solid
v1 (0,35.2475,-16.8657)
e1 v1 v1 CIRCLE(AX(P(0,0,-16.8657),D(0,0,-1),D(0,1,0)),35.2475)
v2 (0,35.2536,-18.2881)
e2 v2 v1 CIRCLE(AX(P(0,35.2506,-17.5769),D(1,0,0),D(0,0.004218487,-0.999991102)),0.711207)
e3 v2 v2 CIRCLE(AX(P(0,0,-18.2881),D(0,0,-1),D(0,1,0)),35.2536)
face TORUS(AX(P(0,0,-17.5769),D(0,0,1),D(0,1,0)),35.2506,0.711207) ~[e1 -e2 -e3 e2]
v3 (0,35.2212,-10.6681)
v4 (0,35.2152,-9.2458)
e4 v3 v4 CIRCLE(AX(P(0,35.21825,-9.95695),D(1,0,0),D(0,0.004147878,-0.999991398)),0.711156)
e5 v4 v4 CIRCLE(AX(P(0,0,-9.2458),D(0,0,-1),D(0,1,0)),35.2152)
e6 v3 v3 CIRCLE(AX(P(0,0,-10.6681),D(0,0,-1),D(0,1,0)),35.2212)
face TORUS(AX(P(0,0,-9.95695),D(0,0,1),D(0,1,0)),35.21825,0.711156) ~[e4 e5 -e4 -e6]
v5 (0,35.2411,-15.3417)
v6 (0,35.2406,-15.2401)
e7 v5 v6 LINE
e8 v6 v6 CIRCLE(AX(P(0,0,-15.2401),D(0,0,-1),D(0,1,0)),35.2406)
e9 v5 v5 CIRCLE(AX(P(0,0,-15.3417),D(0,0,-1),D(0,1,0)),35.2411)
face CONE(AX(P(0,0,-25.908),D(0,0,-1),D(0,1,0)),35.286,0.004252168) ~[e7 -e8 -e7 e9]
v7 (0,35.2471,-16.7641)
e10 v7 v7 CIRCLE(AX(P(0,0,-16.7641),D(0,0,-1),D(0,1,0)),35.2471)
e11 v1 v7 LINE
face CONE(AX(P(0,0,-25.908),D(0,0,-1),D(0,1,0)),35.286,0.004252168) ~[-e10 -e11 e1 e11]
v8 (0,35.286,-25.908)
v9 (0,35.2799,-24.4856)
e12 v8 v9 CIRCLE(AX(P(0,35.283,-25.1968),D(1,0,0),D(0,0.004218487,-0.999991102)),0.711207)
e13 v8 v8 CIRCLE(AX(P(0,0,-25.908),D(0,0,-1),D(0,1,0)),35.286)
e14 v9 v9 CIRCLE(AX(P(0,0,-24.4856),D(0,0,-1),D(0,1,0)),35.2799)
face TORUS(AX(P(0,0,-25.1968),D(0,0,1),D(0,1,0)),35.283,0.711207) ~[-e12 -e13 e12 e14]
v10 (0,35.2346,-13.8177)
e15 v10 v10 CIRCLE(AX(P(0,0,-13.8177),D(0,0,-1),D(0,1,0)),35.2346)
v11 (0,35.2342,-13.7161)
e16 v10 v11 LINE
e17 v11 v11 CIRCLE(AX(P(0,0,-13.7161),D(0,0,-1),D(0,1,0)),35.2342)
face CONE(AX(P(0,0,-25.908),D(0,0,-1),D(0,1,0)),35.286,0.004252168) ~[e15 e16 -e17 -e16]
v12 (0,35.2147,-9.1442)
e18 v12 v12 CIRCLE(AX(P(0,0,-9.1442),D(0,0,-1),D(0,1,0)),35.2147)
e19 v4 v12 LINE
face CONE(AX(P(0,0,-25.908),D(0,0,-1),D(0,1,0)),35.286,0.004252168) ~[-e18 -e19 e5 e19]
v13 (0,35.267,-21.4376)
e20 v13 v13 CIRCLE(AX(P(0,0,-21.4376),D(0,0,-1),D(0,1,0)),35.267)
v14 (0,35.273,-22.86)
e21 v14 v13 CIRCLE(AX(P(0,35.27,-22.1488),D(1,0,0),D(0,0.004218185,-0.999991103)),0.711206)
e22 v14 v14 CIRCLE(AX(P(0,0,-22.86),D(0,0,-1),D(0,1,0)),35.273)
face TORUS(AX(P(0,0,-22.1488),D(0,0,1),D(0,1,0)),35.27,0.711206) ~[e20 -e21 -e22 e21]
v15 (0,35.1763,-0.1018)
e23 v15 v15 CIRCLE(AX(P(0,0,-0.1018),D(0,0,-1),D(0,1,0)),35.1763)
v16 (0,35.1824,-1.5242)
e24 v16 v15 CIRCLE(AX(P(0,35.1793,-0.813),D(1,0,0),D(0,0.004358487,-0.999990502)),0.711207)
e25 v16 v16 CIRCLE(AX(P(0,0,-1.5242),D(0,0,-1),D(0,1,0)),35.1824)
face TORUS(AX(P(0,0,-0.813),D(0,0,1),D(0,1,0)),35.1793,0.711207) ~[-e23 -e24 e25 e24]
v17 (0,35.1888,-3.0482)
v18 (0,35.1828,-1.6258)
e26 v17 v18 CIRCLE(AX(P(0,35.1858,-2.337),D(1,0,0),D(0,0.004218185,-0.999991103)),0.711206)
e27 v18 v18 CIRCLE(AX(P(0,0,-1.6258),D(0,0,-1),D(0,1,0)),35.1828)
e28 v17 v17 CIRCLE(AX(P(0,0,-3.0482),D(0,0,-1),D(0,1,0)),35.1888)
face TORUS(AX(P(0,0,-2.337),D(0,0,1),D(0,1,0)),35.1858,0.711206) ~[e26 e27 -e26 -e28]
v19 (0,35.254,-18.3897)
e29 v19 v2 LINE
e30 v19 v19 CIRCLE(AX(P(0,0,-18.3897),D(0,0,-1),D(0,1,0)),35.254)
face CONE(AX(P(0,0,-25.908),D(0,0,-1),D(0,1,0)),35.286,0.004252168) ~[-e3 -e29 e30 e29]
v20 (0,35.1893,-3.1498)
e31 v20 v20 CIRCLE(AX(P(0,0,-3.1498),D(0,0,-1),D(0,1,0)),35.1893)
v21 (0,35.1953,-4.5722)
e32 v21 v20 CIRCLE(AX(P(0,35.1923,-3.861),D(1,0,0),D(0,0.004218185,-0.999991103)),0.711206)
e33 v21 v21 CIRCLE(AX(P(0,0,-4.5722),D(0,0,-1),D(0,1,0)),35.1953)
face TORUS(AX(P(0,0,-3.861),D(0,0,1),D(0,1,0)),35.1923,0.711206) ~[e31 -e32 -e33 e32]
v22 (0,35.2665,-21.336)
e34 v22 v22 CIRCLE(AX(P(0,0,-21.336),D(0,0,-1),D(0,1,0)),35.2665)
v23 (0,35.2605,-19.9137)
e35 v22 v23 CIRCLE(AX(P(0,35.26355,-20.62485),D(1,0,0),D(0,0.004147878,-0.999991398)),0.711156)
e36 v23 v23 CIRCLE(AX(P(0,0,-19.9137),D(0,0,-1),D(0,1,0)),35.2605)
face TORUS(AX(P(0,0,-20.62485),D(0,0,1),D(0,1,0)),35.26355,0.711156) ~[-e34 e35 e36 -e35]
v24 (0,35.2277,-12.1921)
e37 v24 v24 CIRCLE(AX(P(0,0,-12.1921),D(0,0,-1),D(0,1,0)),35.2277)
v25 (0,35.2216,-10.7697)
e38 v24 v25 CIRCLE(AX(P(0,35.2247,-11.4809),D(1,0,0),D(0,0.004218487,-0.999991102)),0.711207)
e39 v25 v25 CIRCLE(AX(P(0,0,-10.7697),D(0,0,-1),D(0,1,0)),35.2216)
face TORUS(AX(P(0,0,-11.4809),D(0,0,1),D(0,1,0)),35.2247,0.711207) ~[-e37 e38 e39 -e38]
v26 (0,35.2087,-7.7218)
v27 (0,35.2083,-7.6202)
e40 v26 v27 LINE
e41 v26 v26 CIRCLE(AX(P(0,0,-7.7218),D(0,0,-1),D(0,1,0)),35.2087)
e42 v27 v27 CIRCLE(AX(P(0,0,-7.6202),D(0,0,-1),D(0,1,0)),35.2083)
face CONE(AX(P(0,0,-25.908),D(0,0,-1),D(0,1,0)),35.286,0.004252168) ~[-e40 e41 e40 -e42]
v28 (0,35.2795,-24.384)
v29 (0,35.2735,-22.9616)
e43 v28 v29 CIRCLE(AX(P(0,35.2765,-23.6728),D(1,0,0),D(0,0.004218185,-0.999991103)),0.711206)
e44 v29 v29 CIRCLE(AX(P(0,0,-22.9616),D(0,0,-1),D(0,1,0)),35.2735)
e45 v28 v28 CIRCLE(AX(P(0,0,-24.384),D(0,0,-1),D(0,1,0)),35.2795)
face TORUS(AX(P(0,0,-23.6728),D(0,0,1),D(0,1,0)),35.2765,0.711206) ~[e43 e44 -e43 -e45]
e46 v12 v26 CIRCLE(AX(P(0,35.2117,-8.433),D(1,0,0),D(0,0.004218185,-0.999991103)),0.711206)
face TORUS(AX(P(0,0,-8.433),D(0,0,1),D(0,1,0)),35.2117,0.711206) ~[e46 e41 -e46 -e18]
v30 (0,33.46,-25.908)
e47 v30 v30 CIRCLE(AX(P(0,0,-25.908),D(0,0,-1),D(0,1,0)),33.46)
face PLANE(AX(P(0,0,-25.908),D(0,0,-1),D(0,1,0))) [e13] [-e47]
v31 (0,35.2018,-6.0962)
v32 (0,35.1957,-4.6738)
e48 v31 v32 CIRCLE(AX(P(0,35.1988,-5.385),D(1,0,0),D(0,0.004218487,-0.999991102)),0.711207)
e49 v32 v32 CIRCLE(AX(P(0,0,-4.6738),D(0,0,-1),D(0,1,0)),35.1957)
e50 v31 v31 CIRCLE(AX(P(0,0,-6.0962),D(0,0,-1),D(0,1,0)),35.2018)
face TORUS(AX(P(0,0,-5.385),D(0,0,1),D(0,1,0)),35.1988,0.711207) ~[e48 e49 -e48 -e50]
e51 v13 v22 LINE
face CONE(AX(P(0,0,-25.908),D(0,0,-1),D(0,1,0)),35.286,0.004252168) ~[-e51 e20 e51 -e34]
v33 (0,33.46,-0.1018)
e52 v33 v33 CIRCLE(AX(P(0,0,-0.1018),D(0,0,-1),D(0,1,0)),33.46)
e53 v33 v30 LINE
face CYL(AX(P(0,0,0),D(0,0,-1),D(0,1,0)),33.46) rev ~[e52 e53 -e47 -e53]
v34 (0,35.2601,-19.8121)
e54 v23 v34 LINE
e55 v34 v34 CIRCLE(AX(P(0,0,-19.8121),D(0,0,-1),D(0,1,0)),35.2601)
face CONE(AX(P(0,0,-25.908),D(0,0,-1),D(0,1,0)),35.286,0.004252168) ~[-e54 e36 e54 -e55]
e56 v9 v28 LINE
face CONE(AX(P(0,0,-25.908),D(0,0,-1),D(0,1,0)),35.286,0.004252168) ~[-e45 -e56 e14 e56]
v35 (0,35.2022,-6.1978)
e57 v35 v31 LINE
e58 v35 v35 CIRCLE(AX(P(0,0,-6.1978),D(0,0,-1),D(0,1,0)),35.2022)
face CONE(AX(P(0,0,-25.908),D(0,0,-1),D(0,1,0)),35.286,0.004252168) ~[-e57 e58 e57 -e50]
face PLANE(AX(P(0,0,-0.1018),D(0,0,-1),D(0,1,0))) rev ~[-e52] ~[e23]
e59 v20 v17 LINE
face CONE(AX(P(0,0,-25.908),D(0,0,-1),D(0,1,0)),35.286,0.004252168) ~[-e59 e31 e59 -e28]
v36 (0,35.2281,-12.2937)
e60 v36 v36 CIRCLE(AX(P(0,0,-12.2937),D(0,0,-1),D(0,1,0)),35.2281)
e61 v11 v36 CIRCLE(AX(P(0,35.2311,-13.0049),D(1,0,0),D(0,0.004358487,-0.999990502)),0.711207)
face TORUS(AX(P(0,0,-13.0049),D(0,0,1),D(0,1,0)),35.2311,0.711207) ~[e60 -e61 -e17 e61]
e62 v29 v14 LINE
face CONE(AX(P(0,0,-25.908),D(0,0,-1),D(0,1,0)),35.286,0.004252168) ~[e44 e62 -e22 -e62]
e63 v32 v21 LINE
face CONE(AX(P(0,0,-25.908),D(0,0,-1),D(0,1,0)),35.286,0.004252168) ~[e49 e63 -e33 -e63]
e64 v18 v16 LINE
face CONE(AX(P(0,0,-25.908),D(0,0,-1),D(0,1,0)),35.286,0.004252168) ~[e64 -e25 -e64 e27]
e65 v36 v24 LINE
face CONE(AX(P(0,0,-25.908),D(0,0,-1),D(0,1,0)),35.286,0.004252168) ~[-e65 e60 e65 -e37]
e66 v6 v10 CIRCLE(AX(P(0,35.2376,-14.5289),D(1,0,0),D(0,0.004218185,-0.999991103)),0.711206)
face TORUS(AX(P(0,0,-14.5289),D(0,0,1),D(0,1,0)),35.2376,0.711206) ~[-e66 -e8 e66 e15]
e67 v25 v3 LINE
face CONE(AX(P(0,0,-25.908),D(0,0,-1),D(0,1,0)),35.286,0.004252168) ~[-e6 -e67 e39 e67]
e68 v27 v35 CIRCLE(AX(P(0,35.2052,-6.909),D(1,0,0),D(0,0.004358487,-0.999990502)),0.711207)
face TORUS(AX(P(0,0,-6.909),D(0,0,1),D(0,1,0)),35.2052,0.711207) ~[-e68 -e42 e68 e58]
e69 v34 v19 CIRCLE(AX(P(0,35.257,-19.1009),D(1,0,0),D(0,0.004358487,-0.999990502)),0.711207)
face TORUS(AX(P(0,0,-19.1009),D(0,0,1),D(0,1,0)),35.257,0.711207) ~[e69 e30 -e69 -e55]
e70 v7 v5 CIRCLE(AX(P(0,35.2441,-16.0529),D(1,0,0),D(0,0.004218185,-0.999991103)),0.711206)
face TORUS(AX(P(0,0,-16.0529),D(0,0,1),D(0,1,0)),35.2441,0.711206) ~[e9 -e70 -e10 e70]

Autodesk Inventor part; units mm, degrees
ref_plane "YZ Plane" through (0, 0, 0) normal (1, 0, 0) x (0, 1, 0)
ref_plane "XZ Plane" through (0, 0, 0) normal (0, 1, 0) x (-1, 0, 0)
ref_plane "XY Plane" through (0, 0, 0) normal (0, 0, 1) x (1, 0, 0)
sketch "Sketch4" plane through (0, 0, 0) normal (1, 0, 0) x (0, 1, 0)
  line L0 (0, 0) -> (0, -26.0096)
  line L1 (0, 0) -> (33.46, 0)
  line L2 (33.46, 0) -> (33.46, -26.0096)
  line L3 (33.46, -26.0096) -> (0, -26.0096)
  line L4 (35.286, -25.908) -> (35.1766, -0.1801)
  arc A0 (35.286, -25.908) -> (35.2799, -24.4856) centre (35.283, -25.1968) ccw
  arc A1 (35.2795, -24.384) -> (35.2735, -22.9616) centre (35.2765, -23.6728) ccw
  arc A2 (35.273, -22.86) -> (35.267, -21.4376) centre (35.27, -22.1488) ccw
  arc A3 (35.2665, -21.336) -> (35.2605, -19.9137) centre (35.2635, -20.6248) ccw
  arc A4 (35.2601, -19.8121) -> (35.254, -18.3897) centre (35.257, -19.1009) ccw
  arc A5 (35.2536, -18.2881) -> (35.2475, -16.8657) centre (35.2506, -17.5769) ccw
  arc A6 (35.2471, -16.7641) -> (35.2411, -15.3417) centre (35.2441, -16.0529) ccw
  arc A7 (35.2406, -15.2401) -> (35.2346, -13.8177) centre (35.2376, -14.5289) ccw
  arc A8 (35.2342, -13.7161) -> (35.2281, -12.2937) centre (35.2311, -13.0049) ccw
  arc A9 (35.2277, -12.1921) -> (35.2216, -10.7697) centre (35.2247, -11.4809) ccw
  arc A10 (35.2212, -10.6681) -> (35.2152, -9.2458) centre (35.2182, -9.9569) ccw
  arc A11 (35.2147, -9.1442) -> (35.2087, -7.7218) centre (35.2117, -8.433) ccw
  arc A12 (35.2083, -7.6202) -> (35.2022, -6.1978) centre (35.2052, -6.909) ccw
  arc A13 (35.2018, -6.0962) -> (35.1957, -4.6738) centre (35.1988, -5.385) ccw
  arc A14 (35.1953, -4.5722) -> (35.1893, -3.1498) centre (35.1923, -3.861) ccw
  arc A15 (35.1888, -3.0482) -> (35.1828, -1.6258) centre (35.1858, -2.337) ccw
  arc A16 (35.1824, -1.5242) -> (35.1763, -0.1018) centre (35.1793, -0.813) ccw
  line L5 (35.1763, -0.1018) -> (33.46, -0.1018)
  line L6 (35.286, -25.908) -> (33.46, -25.908)
  point P0 (35.2799, -24.4856)
  point P1 (35.2735, -22.9616)
  point P2 (35.267, -21.4376)
  point P3 (35.2605, -19.9137)
  point P4 (35.254, -18.3897)
  point P5 (35.2536, -18.2881)
  point P6 (35.2475, -16.8657)
  point P7 (35.2411, -15.3417)
  point P8 (35.2406, -15.2401)
  point P9 (35.2346, -13.8177)
  point P10 (35.2342, -13.7161)
  point P11 (35.2281, -12.2937)
  point P12 (35.2277, -12.1921)
  point P13 (35.2216, -10.7697)
  point P14 (35.2152, -9.2458)
  point P15 (35.2087, -7.7218)
  point P16 (35.2083, -7.6202)
  point P17 (35.2022, -6.1978)
  point P18 (35.2018, -6.0962)
  point P19 (35.1957, -4.6738)
  point P20 (35.1953, -4.5722)
  point P21 (35.1893, -3.1498)
  point P22 (35.1888, -3.0482)
  point P23 (35.1828, -1.6258)
  point P24 (35.1824, -1.5242)
  dimension "d12" = 26.0096
  dimension "d13" = 33.46
  dimension "d14" = 1.8288
  dimension "d18" = 1.524
  dimension "d25" = 0.7112
  dimension "d26" = 0.243
  dimension "d27" = 0.1016
  dimension "d28" = 0
revolve "Revolution1" add sketch "Sketch4" angle 360 about axis through (0, 0, 0) along (0, 0, -1) contours L5 A16 L4 L6 L2 | L4 A0 | A15 L4 | L4 A1 | A14 L4 | L4 A2 | A13 L4 | L4 A3 | A12 L4 | L4 A4 | A11 L4 | L4 A5 | A10 L4 | L4 A6 | A9 L4 | L4 A7 | A8 L4
properties part number "GGT"
